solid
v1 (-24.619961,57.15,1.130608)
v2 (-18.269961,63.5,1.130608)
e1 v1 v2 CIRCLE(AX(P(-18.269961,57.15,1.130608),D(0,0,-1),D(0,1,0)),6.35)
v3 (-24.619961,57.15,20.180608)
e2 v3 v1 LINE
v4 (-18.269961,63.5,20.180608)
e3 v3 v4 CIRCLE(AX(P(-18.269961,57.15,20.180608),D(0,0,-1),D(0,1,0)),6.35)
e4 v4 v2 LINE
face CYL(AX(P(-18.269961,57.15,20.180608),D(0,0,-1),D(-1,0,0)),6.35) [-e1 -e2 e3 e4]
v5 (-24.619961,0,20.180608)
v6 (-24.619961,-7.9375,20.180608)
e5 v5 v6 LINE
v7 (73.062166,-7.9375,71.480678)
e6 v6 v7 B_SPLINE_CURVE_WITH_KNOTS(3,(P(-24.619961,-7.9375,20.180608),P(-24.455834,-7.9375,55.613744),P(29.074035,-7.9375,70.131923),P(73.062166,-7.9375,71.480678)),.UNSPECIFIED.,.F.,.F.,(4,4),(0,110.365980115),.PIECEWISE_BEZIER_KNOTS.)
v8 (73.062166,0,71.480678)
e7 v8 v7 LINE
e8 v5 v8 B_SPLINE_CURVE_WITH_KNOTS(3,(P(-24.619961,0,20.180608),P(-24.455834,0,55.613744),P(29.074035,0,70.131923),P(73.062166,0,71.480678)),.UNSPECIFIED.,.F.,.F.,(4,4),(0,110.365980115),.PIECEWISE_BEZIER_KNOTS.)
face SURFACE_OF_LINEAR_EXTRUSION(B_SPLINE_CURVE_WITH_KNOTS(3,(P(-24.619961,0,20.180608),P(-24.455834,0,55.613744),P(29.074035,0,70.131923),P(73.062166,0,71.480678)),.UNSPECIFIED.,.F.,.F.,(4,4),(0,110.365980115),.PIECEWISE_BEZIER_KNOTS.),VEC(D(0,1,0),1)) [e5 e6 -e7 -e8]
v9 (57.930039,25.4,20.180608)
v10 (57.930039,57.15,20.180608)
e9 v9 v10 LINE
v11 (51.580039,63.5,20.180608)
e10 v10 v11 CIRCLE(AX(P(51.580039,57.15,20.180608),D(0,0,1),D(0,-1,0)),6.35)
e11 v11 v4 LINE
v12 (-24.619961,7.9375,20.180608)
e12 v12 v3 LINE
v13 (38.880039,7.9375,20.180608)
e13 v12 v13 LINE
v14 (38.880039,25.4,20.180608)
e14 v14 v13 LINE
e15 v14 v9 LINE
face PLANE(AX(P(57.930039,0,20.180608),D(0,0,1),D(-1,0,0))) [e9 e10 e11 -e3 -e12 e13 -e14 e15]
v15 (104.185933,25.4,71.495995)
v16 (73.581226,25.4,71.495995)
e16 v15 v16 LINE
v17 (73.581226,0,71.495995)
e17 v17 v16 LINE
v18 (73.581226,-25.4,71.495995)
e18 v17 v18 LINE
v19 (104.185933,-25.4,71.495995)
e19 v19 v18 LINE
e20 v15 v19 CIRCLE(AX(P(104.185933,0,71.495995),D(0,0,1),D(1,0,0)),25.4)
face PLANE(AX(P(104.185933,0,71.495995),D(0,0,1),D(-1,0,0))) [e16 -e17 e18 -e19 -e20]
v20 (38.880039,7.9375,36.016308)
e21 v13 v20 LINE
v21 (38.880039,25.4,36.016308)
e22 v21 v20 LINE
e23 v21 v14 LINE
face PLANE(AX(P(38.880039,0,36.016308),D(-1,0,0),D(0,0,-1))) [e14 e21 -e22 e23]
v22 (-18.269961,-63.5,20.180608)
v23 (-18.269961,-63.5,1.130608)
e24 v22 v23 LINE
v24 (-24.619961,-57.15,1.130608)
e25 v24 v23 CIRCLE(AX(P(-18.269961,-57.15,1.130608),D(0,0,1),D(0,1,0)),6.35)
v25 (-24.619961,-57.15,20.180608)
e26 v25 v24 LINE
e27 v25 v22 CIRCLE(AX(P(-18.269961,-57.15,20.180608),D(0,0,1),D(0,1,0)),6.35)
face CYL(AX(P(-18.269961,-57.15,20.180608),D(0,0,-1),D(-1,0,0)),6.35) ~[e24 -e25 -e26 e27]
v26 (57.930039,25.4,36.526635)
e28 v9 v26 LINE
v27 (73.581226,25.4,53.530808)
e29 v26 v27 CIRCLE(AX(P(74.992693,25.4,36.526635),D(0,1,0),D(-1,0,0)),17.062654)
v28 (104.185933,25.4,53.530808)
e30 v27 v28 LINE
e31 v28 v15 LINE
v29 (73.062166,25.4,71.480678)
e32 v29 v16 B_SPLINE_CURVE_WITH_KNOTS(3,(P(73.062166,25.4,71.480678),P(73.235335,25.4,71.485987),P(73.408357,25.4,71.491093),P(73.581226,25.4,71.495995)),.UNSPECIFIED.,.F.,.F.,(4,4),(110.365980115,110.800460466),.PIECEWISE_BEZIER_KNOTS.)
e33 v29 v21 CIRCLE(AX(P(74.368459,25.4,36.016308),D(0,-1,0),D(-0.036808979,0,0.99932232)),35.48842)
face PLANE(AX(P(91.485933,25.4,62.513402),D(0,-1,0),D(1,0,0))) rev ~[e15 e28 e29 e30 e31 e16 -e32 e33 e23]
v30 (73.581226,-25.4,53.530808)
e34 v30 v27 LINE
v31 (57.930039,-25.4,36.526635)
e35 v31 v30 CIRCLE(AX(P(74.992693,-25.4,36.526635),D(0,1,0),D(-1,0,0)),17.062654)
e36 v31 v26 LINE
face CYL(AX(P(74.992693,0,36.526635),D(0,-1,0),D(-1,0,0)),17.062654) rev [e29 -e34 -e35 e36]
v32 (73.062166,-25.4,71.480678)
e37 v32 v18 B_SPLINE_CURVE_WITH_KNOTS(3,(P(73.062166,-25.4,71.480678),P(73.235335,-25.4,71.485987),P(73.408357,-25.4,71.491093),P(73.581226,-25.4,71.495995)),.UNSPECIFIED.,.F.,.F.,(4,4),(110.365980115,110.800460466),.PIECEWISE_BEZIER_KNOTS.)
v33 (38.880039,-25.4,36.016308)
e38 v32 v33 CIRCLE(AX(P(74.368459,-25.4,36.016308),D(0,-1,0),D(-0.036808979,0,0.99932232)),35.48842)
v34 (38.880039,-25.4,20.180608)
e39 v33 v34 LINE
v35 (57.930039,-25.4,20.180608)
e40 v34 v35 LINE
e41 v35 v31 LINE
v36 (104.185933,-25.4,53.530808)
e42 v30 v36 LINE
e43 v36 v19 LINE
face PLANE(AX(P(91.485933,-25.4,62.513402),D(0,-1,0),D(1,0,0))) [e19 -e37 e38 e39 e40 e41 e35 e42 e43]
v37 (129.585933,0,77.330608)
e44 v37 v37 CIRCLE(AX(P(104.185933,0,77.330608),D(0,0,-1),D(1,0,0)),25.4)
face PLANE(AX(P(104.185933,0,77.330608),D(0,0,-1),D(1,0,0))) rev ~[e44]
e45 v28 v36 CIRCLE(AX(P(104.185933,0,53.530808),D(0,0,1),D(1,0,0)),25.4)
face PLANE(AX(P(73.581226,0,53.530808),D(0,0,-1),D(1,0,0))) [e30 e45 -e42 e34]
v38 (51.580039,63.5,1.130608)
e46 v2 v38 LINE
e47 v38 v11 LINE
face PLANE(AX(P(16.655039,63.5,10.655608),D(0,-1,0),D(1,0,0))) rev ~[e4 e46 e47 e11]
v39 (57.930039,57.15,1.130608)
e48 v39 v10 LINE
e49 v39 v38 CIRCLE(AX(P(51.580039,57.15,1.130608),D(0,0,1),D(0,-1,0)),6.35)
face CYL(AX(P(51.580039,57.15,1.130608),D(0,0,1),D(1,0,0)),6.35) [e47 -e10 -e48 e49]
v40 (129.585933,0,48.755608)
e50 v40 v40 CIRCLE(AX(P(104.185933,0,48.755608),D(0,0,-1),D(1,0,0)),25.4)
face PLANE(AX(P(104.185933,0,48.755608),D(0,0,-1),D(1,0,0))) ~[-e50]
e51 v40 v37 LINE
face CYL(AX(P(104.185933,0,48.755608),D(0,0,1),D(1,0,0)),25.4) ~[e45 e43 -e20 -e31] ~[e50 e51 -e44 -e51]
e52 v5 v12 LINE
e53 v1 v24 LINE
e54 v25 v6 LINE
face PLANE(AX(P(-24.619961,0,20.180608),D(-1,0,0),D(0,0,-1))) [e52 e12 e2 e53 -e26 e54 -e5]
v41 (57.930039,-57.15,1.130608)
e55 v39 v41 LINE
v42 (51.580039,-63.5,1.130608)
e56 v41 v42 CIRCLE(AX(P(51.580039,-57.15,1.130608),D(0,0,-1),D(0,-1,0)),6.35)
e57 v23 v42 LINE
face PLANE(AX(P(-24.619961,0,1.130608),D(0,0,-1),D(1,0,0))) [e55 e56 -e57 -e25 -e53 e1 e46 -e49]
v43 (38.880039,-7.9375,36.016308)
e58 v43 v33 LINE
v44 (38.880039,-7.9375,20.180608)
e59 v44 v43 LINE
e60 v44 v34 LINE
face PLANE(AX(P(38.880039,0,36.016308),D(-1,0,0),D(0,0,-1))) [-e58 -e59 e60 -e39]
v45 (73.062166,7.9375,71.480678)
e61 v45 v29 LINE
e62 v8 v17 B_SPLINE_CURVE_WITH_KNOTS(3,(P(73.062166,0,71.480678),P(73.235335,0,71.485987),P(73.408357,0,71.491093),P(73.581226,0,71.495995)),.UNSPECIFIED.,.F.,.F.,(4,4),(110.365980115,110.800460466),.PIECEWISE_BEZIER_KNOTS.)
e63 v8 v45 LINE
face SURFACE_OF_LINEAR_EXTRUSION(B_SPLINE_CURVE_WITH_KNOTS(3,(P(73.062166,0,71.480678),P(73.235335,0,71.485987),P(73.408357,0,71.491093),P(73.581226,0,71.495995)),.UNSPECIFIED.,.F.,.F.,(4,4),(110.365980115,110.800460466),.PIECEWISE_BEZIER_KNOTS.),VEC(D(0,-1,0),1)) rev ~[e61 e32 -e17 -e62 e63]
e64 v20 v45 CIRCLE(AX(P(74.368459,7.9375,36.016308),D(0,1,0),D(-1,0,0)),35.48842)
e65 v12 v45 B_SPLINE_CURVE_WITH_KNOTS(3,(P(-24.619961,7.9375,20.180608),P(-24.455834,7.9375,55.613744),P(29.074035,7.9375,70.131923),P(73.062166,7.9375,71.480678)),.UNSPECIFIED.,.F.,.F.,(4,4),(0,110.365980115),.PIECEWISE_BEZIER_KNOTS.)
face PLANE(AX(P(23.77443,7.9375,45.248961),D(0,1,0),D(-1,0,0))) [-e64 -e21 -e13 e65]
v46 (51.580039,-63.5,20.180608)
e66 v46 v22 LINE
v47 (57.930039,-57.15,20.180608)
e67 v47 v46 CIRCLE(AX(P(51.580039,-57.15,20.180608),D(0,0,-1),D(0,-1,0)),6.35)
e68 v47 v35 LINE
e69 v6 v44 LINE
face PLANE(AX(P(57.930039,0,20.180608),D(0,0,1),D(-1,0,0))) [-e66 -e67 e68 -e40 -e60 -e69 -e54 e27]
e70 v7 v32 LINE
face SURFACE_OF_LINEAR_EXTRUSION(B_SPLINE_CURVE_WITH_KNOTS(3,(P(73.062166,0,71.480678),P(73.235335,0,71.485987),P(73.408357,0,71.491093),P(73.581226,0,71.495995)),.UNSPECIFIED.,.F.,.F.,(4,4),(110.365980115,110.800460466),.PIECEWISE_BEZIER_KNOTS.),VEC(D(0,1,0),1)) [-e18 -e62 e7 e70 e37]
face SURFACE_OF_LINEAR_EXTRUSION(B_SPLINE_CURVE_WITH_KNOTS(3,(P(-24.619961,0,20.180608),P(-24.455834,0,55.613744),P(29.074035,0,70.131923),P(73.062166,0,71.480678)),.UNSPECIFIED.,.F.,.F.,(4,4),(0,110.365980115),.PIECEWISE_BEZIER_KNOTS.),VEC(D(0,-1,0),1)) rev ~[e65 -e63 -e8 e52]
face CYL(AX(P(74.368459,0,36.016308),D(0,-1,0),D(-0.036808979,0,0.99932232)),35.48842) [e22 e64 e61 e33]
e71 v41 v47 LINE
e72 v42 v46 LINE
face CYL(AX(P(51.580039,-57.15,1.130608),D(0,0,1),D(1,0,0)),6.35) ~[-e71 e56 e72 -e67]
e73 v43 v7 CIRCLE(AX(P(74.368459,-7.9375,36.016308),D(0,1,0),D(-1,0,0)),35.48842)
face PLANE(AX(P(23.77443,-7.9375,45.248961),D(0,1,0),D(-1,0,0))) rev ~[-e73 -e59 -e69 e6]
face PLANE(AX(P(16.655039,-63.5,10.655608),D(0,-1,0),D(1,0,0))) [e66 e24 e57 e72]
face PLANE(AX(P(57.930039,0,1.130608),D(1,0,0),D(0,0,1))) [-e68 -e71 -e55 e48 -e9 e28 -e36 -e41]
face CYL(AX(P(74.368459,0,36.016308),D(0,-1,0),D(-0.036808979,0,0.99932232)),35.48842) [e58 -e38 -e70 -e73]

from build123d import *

# Parameters (mm, degrees)
F1_DEPTH = 63.5
F0_W     = 25.4
F0_H     = 17.965186498
F2_DEPTH = 25.4
F3_DEPTH = 7.9375
F5_R     = 6.35


with BuildPart() as f1:
    # F0 (on Front) → F1 (new body, symmetric)
    with BuildSketch(Plane.XZ):
        Polygon((38.8800390695, 20.1806084275), (-24.6199609305, 20.1806084275), (-24.6199609305, 1.1306084275), (57.9300390695, 1.1306084275), (57.9300390695, 20.1806084275), align=None)
    extrude(amount=F1_DEPTH, both=True)

    # F0 (on Front) → F2 (join, symmetric)
    with BuildSketch(Plane.XZ):
        with Locations((91.4859331562, 62.5134016765)):
            Rectangle(F0_W, F0_H)
        with BuildLine():
            Line((38.8800390695, 36.0163077712), (38.8800390695, 20.1806084275))
            Line((38.8800390695, 20.1806084275), (57.9300390695, 20.1806084275))
            Line((57.9300390695, 20.1806084275), (57.9300390695, 36.5266351785))
            ThreePointArc((57.9300390695, 36.5266351785), (62.4384600836, 48.0819539272), (73.5812261701, 53.5308084275))
            Line((73.5812261701, 53.5308084275), (78.7859331562, 53.5308084275))
            Line((78.7859331562, 53.5308084275), (78.7859331562, 71.4959949255))
            Line((78.7859331562, 71.4959949255), (73.5812261701, 71.4959949255))
            add(Edge.make_bspline(
                [(73.0621663059, 71.4806777175), (73.2353354158, 71.485987393), (73.4083566499, 71.4910929714), (73.5812261701, 71.4959949255)],
                knots=[110.3659801148, 110.3659801148, 110.3659801148, 110.3659801148, 110.8004604656, 110.8004604656, 110.8004604656, 110.8004604656], degree=3))
            ThreePointArc((73.0621663059, 71.4806777175), (48.816685952, 60.6442358108), (38.8800390695, 36.0163077712))
        make_face()
    extrude(amount=F2_DEPTH, both=True)

    # F0 (on Front) → F3 (join, symmetric)
    with BuildSketch(Plane.XZ):
        with BuildLine():
            add(Edge.make_bspline(
                [(-24.6199609305, 20.1806084275), (-24.4558339647, 55.6137443141), (29.0740353989, 70.1319227371), (73.0621663059, 71.4806777175)],
                knots=[0, 0, 0, 0, 110.3659801148, 110.3659801148, 110.3659801148, 110.3659801148], degree=3))
            Line((-24.6199609305, 20.1806084275), (38.8800390695, 20.1806084275))
            Line((38.8800390695, 20.1806084275), (38.8800390695, 36.0163077712))
            ThreePointArc((38.8800390695, 36.0163077712), (48.816685952, 60.6442358108), (73.0621663059, 71.4806777175))
        make_face()
    extrude(amount=F3_DEPTH, both=True)

    # F0 (on Front) → F4 (revolve)
    with BuildSketch(Plane.XZ):
        Polygon((104.1859331562, 77.3306084275), (104.1859331562, 71.4959949255), (104.1859331562, 53.5308084275), (104.1859331562, 48.7556084275), (129.5859331562, 48.7556084275), (129.5859331562, 77.3306084275), align=None)
    revolve(axis=Axis((104.1859331562, 0, 63.0431084275), (0, 0, -1)))

    # F5
    f5_edges = [f1.edges().sort_by_distance(p)[0] for p in [
        (57.930039, 63.5, 10.655608),
        (57.930039, -63.5, 10.655608),
        (-24.619961, 63.5, 10.655608),
        (-24.619961, -63.5, 10.655608),
    ]]
    fillet(f5_edges, radius=F5_R)


solid = f1.part
